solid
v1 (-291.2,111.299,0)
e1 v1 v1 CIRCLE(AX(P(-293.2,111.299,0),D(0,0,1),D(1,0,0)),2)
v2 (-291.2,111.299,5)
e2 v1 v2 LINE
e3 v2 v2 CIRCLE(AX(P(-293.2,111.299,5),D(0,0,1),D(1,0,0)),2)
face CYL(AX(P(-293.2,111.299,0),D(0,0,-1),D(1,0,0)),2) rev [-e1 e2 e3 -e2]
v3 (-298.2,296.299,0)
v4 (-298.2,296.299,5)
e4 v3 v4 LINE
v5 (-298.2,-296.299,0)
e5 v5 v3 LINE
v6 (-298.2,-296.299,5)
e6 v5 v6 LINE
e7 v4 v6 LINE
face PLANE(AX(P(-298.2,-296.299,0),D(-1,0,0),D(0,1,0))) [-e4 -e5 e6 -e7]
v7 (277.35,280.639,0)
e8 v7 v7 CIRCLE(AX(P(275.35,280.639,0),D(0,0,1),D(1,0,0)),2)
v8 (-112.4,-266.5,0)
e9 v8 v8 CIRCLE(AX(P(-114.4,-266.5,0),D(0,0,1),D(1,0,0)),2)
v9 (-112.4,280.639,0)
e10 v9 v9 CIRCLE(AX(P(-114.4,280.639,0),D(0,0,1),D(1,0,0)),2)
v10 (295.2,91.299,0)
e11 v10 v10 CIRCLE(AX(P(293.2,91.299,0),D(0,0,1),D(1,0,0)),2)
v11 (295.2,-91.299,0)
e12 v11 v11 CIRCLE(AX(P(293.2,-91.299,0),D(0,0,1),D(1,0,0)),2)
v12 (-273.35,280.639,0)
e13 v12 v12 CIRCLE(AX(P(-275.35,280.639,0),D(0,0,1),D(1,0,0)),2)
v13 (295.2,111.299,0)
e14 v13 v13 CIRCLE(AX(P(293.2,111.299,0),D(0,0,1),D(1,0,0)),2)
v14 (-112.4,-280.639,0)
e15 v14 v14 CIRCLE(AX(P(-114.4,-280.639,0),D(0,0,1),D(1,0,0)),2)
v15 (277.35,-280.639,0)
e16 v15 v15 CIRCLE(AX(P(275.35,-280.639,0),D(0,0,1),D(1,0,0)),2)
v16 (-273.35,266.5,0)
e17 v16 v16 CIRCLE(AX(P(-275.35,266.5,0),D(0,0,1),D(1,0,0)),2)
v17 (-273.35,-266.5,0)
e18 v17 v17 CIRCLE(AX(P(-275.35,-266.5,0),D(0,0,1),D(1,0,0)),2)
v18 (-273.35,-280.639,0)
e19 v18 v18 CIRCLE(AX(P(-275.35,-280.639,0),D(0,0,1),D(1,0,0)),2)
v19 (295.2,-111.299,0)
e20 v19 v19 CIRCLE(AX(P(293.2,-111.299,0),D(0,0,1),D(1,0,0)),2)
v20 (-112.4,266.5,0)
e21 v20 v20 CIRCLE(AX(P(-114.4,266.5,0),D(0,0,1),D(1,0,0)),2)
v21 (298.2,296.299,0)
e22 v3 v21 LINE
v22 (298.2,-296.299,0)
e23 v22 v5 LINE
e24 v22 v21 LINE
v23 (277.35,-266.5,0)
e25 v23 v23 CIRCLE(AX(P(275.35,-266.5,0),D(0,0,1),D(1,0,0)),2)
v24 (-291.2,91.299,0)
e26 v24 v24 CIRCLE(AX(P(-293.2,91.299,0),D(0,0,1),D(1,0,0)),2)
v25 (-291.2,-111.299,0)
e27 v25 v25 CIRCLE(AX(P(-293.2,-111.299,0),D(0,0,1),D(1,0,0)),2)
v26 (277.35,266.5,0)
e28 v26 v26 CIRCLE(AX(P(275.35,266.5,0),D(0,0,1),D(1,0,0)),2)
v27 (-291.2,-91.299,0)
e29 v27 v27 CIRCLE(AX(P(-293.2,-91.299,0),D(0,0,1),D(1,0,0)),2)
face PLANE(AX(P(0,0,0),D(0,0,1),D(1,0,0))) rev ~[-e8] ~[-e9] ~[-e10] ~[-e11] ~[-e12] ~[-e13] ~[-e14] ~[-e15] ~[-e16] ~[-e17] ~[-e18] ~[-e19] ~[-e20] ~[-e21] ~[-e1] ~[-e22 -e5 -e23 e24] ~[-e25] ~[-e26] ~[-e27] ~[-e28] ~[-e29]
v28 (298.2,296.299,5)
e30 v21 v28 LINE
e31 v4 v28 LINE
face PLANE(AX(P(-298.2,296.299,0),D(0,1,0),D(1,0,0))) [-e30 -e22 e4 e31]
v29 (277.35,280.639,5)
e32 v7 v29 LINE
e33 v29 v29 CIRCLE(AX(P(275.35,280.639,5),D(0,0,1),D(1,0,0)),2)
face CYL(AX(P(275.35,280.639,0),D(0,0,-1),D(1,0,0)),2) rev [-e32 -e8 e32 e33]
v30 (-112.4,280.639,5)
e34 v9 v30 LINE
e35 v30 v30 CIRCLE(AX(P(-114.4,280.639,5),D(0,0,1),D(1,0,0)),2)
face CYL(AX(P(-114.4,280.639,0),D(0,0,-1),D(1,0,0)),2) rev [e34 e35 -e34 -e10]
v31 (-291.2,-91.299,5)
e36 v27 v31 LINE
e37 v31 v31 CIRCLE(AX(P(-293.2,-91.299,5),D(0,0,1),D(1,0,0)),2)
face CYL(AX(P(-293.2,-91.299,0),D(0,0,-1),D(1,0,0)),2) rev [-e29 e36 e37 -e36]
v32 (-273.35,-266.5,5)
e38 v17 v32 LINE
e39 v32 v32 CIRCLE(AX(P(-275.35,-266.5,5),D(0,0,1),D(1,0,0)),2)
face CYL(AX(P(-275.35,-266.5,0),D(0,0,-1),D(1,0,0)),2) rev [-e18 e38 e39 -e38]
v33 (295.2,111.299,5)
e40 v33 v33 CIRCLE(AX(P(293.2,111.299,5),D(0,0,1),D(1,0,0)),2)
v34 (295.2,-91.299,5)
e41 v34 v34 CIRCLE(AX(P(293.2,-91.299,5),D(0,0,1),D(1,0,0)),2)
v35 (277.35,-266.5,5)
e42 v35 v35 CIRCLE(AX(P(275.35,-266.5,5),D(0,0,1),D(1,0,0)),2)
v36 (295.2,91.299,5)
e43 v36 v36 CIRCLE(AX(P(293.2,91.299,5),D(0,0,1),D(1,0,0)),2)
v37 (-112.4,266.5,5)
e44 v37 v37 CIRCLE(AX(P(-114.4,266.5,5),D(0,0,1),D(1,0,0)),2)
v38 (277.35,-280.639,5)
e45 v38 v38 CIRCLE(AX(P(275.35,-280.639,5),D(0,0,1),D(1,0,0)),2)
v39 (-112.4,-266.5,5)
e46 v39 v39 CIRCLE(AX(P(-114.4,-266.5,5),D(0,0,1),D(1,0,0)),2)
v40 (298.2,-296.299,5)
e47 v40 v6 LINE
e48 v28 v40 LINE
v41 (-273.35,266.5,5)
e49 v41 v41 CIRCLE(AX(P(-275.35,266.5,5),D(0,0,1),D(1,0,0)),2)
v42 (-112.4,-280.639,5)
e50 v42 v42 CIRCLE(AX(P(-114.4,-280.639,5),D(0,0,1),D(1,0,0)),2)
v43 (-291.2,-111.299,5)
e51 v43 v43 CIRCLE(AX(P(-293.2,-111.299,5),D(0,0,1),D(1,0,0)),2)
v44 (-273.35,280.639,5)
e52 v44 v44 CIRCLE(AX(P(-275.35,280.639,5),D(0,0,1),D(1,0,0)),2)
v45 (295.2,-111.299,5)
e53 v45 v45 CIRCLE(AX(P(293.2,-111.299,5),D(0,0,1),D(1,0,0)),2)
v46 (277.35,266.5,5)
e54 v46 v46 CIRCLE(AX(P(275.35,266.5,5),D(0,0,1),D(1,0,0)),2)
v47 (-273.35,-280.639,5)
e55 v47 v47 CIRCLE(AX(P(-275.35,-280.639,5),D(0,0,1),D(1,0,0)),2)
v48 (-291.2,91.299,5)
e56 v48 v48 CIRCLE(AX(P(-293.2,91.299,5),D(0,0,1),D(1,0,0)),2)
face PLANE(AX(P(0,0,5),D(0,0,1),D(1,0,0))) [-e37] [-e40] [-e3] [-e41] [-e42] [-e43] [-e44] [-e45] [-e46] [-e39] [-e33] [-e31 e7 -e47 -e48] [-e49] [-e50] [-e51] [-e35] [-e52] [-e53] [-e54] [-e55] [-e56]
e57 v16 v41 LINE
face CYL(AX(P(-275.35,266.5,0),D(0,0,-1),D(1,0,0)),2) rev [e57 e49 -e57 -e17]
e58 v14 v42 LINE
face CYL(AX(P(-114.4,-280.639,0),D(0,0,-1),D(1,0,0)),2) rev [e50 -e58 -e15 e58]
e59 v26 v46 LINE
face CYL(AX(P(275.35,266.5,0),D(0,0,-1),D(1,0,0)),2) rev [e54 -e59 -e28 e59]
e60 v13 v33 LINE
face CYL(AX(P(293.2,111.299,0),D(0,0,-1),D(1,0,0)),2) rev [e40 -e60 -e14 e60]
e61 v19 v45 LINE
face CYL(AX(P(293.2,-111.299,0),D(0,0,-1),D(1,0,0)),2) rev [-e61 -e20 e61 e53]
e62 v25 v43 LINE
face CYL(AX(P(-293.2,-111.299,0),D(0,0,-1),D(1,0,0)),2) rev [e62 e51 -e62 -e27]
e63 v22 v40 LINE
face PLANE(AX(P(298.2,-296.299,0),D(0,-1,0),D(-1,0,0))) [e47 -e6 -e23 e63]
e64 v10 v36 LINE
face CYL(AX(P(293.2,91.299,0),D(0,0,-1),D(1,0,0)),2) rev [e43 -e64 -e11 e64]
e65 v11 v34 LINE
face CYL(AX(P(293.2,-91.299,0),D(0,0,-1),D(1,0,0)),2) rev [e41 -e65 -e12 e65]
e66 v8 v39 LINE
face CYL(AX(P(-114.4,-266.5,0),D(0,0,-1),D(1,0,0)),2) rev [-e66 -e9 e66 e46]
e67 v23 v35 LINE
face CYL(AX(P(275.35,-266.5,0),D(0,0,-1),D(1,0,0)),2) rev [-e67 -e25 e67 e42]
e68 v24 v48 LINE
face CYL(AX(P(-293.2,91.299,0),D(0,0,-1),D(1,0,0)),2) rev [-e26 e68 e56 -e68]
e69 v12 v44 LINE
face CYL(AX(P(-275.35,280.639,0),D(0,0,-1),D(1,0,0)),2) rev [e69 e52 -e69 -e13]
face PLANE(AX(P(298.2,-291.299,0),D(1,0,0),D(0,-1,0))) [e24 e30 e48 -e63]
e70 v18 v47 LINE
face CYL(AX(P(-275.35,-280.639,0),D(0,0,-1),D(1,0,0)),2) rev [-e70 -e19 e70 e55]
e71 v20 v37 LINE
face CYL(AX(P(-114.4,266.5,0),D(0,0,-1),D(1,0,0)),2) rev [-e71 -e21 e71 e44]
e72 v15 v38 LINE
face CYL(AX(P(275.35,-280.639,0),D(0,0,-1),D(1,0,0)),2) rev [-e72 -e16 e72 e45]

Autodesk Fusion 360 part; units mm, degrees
sketch "Sketch1" plane through (0, 0, 0) normal (0, 0, 1) x (1, 0, 0)
  line L0 (298.2, -291.299) -> (-298.2, -291.299)
  line L1 (-298.2, -291.299) -> (-298.2, 291.299)
  line L2 (-298.2, 291.299) -> (298.2, 291.299)
  line L3 (298.2, 291.299) -> (298.2, -291.299)
  line L4 (298.2, -291.299) -> (-298.2, 291.299) construction
  line L5 (-298.2, -291.299) -> (298.2, 291.299) construction
  line L6 (-275.35, 291.299) -> (-275.35, -291.299) construction
  circle A0 centre (-275.35, 280.639) radius 2
  circle A1 centre (-275.35, 266.5) radius 2
  circle A2 centre (-275.35, -280.639) radius 2
  circle A3 centre (-275.35, -266.5) radius 2
  line L7 (275.35, 291.299) -> (275.35, -291.299) construction
  circle A4 centre (275.35, 280.639) radius 2
  circle A5 centre (275.35, 266.5) radius 2
  circle A6 centre (275.35, -280.639) radius 2
  circle A7 centre (275.35, -266.5) radius 2
  line L8 (-275.35, -266.5) -> (275.35, -266.5) construction
  circle A8 centre (-114.4, -266.5) radius 2
  line L9 (-114.4, -291.299) -> (-114.4, 278.639) construction
  circle A9 centre (-114.4, 266.5) radius 2
  circle A10 centre (-114.4, 280.639) radius 2
  circle A11 centre (-114.4, -280.639) radius 2
  line L10 (-298.2, 296.299) -> (298.2, 296.299)
  line L11 (298.2, 296.299) -> (298.2, -296.299)
  line L12 (298.2, -296.299) -> (-298.2, -296.299)
  line L13 (-298.2, -296.299) -> (-298.2, 296.299)
  line L14 (-298.2, 101.299) -> (298.2, 101.299) construction
  line L15 (-298.2, -101.299) -> (298.2, -101.299) construction
  circle A12 centre (293.2, -91.299) radius 2
  circle A13 centre (293.2, -111.299) radius 2
  circle A14 centre (293.2, 91.299) radius 2
  circle A15 centre (293.2, 111.299) radius 2
  circle A16 centre (-293.2, 111.299) radius 2
  circle A17 centre (-293.2, 91.299) radius 2
  circle A18 centre (-293.2, -91.299) radius 2
  circle A19 centre (-293.2, -111.299) radius 2
  line L16 (-275.35, 266.5) -> (275.35, 266.5) construction
  line L17 (-275.35, 280.639) -> (275.35, 280.639) construction
  line L18 (275.35, -280.639) -> (-275.35, -280.639) construction
  dimension "d1" = 596.4
  dimension "d2" = 582.598
  dimension "d3" = 22.85
  dimension "d4" = 4
  dimension "d6" = 4
  dimension "d8" = 4
  dimension "d9" = 4
  dimension "d12" = 22.85
  dimension "d13" = 4
  dimension "d14" = 4
  dimension "d17" = 4
  dimension "d18" = 4
  dimension "d21" = 4
  dimension "d22" = 4
  dimension "d23" = 4
  dimension "d24" = 4
  dimension "d29" = 5
  dimension "d31" = 5
  dimension "d38" = 190
  dimension "d39" = 190
  dimension "d40" = 4
  dimension "d41" = 4
  dimension "d42" = 10
  dimension "d43" = 10
  dimension "d44" = 5
  dimension "d45" = 5
  dimension "d46" = 4
  dimension "d47" = 4
  dimension "d48" = 10
  dimension "d49" = 10
  dimension "d50" = 5
  dimension "d51" = 5
  dimension "d52" = 4
  dimension "d53" = 4
  dimension "d54" = 5
  dimension "d55" = 5
  dimension "d56" = 10
  dimension "d57" = 10
  dimension "d58" = 4
  dimension "d59" = 4
  dimension "d60" = 5
  dimension "d61" = 5
  dimension "d62" = 10
  dimension "d63" = 10
  dimension "d70" = 24.799
  dimension "d71" = 10.66
  dimension "d72" = 10.66
  dimension "d73" = 24.799
  dimension "d74" = 412.6
extrude "Extrude1" add sketch "Sketch1" along normal blind 5 makes body 1
copy_body "Body->Comp1" bodies 1 removing the originals makes body 2 in component "Side"
component "Side" placed x (1, 0, 0) y (0, 1, 0) z (0, 0, 1) at (0, 0, 0)
equation "d1 = YRailLength + 246.4 mm"
equation "d2 = PrintHeight + 282.598 mm"
equation "d29 = WallThickness"
equation "d31 = WallThickness"
equation "WallThickness = 5 mm"
equation "YRailLength = 350 mm"
equation "PrintHeight = 300 mm"
equation "d74 = YRailLength + 62.6 mm"
